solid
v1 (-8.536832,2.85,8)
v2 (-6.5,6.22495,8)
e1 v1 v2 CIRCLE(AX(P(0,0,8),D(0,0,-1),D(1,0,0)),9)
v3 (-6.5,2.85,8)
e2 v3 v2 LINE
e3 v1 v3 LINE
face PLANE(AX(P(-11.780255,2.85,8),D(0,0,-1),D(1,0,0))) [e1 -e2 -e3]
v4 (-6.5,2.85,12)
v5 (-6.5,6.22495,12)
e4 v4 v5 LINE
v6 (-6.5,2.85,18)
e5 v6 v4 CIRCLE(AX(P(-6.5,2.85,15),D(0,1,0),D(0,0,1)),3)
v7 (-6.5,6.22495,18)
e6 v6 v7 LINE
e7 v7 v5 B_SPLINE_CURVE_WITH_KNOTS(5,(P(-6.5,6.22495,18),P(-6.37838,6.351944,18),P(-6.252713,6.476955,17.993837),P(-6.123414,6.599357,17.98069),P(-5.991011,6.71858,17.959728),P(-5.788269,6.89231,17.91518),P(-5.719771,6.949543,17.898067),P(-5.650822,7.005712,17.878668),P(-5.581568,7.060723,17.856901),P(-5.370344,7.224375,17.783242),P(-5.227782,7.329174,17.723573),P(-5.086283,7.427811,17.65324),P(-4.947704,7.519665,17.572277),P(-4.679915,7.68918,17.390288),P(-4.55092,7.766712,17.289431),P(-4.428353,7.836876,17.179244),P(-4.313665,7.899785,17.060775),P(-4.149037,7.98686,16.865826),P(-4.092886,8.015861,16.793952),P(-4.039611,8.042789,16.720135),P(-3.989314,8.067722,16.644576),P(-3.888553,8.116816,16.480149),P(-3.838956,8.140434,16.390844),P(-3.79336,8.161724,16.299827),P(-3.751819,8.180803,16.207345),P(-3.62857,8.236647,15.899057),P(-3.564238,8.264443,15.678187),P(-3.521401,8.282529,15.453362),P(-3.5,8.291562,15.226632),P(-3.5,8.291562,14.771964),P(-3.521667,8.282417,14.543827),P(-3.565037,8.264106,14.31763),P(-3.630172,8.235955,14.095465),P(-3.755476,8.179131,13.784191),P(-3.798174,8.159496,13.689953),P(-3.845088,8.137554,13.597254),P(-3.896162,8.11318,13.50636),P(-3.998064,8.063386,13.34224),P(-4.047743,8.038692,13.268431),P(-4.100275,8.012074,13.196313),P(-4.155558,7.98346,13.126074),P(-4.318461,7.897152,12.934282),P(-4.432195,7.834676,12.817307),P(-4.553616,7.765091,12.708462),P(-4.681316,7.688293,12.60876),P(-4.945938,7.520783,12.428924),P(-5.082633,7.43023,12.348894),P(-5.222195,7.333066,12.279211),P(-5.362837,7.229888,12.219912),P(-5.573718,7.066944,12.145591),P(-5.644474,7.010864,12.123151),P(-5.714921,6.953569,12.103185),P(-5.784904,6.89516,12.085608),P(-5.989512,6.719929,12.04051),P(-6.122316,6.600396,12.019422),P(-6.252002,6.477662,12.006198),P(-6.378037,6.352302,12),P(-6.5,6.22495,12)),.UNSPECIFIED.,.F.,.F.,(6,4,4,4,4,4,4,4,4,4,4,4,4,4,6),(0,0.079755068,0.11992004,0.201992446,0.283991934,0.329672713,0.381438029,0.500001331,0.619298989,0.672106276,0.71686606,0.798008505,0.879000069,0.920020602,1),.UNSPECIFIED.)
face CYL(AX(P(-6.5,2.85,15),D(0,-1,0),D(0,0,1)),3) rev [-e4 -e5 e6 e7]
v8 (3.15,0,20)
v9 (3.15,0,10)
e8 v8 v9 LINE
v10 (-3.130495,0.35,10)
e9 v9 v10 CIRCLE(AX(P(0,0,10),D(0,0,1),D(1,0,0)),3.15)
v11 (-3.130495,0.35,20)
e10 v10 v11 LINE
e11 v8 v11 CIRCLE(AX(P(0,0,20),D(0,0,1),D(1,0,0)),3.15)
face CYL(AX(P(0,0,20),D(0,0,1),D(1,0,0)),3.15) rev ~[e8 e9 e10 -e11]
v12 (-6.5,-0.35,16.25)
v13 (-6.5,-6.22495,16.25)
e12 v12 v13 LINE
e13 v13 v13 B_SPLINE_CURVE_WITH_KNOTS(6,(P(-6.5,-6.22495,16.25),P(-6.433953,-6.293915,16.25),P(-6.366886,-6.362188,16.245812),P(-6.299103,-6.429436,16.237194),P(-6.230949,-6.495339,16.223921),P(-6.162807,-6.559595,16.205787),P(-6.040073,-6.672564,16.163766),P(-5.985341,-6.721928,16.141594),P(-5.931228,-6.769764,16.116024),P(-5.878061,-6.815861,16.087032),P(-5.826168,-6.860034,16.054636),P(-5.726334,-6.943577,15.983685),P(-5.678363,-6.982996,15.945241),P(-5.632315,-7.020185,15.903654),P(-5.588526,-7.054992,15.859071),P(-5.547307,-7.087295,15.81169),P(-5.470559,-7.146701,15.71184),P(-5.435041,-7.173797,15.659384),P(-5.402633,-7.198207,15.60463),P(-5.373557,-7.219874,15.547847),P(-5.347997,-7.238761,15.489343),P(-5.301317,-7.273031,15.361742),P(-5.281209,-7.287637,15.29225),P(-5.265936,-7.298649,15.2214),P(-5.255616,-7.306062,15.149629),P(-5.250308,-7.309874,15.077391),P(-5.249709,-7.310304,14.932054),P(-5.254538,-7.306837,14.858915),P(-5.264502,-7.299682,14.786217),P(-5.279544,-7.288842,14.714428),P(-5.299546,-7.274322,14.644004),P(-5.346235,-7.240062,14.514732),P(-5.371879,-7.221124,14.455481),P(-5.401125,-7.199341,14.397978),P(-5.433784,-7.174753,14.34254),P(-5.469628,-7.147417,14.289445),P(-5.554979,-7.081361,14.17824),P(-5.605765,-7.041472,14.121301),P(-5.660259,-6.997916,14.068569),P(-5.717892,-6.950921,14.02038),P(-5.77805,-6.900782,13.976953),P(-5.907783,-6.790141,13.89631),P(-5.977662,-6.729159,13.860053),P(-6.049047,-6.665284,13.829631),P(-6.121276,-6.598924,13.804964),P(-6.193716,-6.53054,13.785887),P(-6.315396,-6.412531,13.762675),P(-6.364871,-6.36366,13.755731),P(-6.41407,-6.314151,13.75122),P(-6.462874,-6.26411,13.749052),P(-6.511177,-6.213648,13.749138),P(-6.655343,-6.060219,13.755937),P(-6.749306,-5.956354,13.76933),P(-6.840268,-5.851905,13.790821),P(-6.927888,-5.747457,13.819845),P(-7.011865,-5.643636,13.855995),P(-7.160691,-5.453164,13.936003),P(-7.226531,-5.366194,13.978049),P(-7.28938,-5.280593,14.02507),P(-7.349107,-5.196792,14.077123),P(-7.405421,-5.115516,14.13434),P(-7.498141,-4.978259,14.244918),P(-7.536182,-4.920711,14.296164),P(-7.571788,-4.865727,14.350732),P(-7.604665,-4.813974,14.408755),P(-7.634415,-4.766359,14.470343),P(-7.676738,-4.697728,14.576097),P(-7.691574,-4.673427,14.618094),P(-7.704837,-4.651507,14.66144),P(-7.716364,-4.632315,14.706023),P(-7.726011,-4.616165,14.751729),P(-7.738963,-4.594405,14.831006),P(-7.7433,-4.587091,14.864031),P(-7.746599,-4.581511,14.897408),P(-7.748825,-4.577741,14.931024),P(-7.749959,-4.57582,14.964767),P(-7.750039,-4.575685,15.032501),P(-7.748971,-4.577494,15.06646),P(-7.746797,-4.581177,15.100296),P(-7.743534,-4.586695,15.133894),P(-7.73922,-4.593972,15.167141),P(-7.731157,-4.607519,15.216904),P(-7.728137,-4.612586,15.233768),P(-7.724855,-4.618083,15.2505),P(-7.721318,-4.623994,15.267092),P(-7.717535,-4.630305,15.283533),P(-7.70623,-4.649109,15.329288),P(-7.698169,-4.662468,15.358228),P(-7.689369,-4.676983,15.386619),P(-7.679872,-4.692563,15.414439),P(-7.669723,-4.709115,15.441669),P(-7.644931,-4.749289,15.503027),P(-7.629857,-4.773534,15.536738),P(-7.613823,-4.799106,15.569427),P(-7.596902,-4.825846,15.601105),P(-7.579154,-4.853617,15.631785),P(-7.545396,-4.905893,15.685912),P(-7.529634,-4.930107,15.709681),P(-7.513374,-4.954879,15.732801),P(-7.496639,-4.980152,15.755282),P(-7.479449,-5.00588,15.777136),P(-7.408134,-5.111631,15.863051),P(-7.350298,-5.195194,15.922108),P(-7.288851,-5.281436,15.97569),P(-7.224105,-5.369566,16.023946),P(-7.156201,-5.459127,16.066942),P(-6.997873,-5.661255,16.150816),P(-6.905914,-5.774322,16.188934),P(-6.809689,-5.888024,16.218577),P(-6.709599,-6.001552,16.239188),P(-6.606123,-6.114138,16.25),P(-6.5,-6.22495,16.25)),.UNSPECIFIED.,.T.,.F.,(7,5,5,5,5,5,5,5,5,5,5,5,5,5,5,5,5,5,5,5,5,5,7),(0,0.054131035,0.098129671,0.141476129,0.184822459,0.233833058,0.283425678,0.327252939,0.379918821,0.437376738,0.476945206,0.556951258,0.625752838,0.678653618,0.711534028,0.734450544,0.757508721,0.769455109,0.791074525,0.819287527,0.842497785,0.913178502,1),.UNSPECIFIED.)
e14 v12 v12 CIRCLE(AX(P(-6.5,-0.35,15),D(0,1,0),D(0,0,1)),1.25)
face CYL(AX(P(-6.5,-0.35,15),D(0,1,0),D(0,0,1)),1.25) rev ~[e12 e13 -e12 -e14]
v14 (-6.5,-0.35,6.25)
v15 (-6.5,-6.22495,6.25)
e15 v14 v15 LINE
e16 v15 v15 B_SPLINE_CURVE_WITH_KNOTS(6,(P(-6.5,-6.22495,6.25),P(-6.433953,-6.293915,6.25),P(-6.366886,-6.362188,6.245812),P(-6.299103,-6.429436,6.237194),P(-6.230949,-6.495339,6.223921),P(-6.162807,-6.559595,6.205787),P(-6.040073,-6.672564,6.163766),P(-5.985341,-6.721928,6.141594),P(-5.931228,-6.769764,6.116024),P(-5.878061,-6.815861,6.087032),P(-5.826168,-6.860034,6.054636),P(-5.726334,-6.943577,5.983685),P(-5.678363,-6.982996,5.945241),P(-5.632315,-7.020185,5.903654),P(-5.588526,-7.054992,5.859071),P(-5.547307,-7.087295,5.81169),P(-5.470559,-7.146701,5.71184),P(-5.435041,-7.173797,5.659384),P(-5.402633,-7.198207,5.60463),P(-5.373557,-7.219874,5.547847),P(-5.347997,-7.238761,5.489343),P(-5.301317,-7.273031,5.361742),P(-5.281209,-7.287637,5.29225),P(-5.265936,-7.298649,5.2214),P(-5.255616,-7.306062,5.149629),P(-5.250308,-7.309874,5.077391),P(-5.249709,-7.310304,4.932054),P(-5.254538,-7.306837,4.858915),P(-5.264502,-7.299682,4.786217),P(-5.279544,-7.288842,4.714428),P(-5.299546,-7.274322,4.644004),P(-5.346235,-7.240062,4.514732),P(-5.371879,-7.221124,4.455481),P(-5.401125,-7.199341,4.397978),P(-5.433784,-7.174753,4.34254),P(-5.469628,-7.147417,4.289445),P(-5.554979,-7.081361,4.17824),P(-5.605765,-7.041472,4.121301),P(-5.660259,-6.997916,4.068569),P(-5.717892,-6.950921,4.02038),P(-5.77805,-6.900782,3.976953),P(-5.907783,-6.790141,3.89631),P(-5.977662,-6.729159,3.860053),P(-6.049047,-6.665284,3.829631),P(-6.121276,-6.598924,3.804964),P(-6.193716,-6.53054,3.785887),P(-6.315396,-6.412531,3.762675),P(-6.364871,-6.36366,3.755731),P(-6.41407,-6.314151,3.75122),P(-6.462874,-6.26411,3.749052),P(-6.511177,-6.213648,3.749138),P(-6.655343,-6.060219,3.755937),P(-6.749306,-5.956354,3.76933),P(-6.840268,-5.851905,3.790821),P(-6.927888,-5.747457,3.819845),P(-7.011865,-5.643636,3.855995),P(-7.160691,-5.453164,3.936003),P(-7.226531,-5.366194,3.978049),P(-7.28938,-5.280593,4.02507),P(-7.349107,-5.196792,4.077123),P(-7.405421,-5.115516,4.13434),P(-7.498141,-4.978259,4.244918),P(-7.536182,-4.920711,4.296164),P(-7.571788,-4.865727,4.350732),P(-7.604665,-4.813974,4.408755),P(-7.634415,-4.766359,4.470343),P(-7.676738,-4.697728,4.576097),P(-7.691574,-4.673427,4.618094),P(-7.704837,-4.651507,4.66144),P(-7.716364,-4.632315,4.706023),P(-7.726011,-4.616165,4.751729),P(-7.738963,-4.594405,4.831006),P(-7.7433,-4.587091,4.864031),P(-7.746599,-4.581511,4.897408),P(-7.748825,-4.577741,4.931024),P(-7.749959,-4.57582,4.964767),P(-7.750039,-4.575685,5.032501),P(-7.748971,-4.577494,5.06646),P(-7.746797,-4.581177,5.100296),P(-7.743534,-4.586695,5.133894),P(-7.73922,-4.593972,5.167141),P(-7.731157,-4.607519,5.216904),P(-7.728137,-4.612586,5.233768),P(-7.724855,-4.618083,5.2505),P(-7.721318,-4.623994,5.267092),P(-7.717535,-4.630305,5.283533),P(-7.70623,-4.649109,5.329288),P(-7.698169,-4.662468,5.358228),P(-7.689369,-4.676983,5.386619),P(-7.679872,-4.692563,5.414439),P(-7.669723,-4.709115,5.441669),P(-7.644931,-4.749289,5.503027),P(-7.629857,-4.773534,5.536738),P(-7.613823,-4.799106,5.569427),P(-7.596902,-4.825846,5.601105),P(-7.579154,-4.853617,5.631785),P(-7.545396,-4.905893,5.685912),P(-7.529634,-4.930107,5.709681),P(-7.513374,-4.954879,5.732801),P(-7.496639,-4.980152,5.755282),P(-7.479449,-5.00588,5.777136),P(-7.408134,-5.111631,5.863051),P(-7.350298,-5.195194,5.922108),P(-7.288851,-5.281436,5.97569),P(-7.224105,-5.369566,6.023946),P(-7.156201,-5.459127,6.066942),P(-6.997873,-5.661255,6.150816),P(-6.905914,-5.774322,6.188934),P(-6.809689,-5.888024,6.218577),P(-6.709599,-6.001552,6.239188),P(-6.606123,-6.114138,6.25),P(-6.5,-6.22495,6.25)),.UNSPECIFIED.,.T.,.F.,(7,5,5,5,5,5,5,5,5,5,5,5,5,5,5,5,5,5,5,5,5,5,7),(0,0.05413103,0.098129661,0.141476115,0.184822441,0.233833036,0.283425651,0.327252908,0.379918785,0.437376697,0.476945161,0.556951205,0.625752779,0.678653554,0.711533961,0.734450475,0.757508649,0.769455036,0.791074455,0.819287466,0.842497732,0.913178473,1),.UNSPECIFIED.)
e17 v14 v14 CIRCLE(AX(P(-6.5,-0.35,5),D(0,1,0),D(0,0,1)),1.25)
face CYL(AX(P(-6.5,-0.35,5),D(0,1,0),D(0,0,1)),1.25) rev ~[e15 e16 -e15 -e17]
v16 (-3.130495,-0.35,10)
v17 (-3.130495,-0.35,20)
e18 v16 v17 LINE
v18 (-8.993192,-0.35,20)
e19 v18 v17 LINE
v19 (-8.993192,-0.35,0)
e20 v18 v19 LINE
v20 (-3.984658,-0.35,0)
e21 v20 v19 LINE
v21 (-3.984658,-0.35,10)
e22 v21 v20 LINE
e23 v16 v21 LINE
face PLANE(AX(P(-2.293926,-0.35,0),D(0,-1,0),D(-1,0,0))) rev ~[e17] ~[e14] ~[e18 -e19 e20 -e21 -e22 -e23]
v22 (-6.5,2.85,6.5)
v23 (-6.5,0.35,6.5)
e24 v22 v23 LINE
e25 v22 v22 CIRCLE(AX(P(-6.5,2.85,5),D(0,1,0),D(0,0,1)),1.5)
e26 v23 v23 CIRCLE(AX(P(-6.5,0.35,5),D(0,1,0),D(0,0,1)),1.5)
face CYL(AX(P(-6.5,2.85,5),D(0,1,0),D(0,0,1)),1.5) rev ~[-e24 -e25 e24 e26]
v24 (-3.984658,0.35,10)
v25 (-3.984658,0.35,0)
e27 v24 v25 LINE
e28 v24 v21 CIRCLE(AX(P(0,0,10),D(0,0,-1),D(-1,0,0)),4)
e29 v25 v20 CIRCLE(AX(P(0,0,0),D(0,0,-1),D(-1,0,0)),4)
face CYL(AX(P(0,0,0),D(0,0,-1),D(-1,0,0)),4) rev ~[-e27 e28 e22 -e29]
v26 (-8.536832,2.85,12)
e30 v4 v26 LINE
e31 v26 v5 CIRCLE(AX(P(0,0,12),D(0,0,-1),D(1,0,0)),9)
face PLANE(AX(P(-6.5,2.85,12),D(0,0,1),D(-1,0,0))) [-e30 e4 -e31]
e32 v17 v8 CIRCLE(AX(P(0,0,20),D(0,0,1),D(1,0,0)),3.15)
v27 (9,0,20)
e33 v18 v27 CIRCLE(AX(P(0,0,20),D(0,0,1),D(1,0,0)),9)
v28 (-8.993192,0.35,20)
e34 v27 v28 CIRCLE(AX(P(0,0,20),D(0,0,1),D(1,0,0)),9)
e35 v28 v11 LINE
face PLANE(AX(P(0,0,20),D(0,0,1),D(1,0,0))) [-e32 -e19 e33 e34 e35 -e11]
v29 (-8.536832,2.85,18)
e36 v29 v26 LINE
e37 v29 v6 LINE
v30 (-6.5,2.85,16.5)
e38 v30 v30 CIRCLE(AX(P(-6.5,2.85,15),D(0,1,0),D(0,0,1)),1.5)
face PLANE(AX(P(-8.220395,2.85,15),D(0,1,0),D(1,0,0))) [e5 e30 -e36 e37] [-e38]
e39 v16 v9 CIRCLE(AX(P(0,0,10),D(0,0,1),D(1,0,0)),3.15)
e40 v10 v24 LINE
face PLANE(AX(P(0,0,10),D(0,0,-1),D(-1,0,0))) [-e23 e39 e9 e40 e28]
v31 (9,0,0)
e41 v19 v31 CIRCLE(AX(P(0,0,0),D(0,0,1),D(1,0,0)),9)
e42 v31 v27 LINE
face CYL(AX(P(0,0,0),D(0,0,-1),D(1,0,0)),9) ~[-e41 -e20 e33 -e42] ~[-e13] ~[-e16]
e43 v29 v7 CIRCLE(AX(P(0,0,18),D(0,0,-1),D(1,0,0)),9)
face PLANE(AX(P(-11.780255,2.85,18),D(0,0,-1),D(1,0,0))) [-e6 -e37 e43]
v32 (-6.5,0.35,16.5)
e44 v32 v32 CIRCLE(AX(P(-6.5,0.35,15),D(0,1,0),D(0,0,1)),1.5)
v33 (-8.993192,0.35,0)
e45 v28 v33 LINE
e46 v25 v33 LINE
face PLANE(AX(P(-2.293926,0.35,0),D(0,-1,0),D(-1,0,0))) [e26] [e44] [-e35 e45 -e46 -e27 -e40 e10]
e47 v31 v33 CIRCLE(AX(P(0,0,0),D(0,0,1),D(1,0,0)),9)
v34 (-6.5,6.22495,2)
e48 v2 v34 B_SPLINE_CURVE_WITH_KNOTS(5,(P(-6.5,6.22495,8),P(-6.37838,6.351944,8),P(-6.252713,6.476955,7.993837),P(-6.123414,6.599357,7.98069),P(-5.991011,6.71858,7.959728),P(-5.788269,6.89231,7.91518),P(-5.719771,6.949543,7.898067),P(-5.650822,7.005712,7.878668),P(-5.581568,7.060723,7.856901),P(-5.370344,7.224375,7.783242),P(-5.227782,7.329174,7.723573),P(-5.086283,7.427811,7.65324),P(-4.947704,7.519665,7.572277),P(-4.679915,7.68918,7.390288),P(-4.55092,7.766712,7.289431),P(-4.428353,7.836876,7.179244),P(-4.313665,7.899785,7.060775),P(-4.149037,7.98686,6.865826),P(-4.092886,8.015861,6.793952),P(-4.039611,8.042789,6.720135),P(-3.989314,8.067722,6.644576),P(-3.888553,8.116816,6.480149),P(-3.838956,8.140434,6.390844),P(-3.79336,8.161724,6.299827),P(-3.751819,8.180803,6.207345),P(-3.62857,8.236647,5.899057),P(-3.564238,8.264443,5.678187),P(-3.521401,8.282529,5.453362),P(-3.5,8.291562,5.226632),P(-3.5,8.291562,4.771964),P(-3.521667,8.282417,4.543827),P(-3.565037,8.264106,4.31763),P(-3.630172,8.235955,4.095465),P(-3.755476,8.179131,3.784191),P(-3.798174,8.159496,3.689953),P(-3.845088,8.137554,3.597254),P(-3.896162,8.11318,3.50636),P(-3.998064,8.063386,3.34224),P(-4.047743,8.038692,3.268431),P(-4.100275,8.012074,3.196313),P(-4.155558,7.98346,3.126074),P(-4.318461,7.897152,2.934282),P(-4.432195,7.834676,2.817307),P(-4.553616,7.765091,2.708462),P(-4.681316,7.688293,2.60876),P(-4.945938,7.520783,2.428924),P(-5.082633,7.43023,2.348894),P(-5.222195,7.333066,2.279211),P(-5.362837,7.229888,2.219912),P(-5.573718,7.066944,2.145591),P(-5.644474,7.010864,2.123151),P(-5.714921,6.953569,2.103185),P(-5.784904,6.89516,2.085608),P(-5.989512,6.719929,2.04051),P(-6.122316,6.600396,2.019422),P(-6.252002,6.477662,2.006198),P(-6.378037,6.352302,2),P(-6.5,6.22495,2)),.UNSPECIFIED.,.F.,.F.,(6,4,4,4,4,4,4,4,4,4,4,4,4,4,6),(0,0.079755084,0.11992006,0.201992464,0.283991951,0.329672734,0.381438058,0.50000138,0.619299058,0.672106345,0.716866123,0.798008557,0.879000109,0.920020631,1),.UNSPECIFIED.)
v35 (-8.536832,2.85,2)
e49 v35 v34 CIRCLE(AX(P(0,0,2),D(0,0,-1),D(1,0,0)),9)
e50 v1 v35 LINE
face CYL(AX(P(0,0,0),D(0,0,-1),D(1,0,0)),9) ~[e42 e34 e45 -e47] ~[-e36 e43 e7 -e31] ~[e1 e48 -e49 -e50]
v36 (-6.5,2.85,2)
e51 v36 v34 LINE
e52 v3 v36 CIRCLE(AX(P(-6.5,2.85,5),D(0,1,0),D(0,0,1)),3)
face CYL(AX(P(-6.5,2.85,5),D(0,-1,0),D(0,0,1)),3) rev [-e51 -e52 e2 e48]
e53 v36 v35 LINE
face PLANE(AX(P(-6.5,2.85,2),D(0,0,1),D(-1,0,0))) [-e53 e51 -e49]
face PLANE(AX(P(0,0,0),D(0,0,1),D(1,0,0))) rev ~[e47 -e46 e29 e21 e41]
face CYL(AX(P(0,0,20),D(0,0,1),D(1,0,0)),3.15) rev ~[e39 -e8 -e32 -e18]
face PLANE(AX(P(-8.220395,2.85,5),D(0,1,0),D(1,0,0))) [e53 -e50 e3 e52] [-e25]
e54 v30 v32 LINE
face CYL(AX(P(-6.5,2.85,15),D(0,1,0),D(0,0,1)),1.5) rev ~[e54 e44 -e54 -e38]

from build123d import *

# Parameters (mm, degrees)
SKETCH_1_R          = 9
EXTRUDE_1_DEPTH     = 20
SKETCH_2_R          = 3.15
CUT_EXTRUDE_1_DEPTH = 24.706539182
SKETCH_3_R          = 4
CUT_EXTRUDE_2_DEPTH = 10
SKETCH_4_W          = 11.134080052
SKETCH_4_H          = 0.7
CUT_EXTRUDE_3_DEPTH = 24.706539182
CUT_EXTRUDE_4_DEPTH = 25.928347318
SKETCH_6_R          = 1.5
CUT_EXTRUDE_5_DEPTH = 2.5
SKETCH_7_R          = 1.25
CUT_EXTRUDE_6_DEPTH = 24.841612942


with BuildPart() as part:
    # Эскиз1 → Бобышка-Вытянуть1 (new body)
    with BuildSketch(Plane.XY):
        Circle(SKETCH_1_R)
    extrude(amount=EXTRUDE_1_DEPTH)

    # Эскиз2 → Вырез-Вытянуть1 (cut, through all)
    with BuildSketch(Plane.XY.offset(20)):
        Circle(SKETCH_2_R)
    extrude(amount=-CUT_EXTRUDE_1_DEPTH, mode=Mode.SUBTRACT)

    # Эскиз3 → Вырез-Вытянуть2 (cut)
    with BuildSketch(Plane(origin=(0, 0, 0), x_dir=(-1, 0, 0), z_dir=(0, 0, -1))):
        Circle(SKETCH_3_R)
    extrude(amount=-CUT_EXTRUDE_2_DEPTH, mode=Mode.SUBTRACT)

    # Эскиз4 → Вырез-Вытянуть3 (cut, through all)
    with BuildSketch(Plane(origin=(0, 0, 0), x_dir=(-1, 0, 0), z_dir=(0, 0, -1))):
        with Locations((7.860965997, 0)):
            Rectangle(SKETCH_4_W, SKETCH_4_H)
    extrude(amount=-CUT_EXTRUDE_3_DEPTH, mode=Mode.SUBTRACT)

    # Эскиз5 → Вырез-Вытянуть4 (cut, through all)
    with BuildSketch(Plane(origin=(0, 2.85, 0), x_dir=(-1, 0, 0), z_dir=(0, -1, 0))):
        with BuildLine():
            Line((6.5, -2), (11.780255313, -2))
            Line((11.780255313, -2), (11.780255313, -8))
            Line((11.780255313, -8), (6.5, -8))
            ThreePointArc((6.5, -8), (3.5, -5), (6.5, -2))
        make_face()
        with BuildLine():
            Line((6.5, -12), (11.780255313, -12))
            Line((11.780255313, -12), (11.780255313, -18))
            Line((11.780255313, -18), (6.5, -18))
            ThreePointArc((6.5, -18), (3.5, -15), (6.5, -12))
        make_face()
    extrude(amount=-CUT_EXTRUDE_4_DEPTH, mode=Mode.SUBTRACT)

    # Эскиз6 → Вырез-Вытянуть5 (cut)
    with BuildSketch(Plane(origin=(0, 2.85, 0), x_dir=(1, 0, 0), z_dir=(0, 1, 0))):
        with Locations(Location((-6.5, -5, 0), (0, 0, 270))):
            Circle(SKETCH_6_R)
        with Locations(Location((-6.5, -15, 0), (0, 0, 270))):
            Circle(SKETCH_6_R)
    extrude(amount=-CUT_EXTRUDE_5_DEPTH, mode=Mode.SUBTRACT)

    # Эскиз7 → Вырез-Вытянуть6 (cut, through all)
    with BuildSketch(Plane(origin=(0, -0.35, 0), x_dir=(1, 0, 0), z_dir=(0, 1, 0))):
        with Locations(Location((-6.5, -5, 0), (0, 0, 270))):
            Circle(SKETCH_7_R)
        with Locations(Location((-6.5, -15, 0), (0, 0, 270))):
            Circle(SKETCH_7_R)
    extrude(amount=-CUT_EXTRUDE_6_DEPTH, mode=Mode.SUBTRACT)


solid = part.part
